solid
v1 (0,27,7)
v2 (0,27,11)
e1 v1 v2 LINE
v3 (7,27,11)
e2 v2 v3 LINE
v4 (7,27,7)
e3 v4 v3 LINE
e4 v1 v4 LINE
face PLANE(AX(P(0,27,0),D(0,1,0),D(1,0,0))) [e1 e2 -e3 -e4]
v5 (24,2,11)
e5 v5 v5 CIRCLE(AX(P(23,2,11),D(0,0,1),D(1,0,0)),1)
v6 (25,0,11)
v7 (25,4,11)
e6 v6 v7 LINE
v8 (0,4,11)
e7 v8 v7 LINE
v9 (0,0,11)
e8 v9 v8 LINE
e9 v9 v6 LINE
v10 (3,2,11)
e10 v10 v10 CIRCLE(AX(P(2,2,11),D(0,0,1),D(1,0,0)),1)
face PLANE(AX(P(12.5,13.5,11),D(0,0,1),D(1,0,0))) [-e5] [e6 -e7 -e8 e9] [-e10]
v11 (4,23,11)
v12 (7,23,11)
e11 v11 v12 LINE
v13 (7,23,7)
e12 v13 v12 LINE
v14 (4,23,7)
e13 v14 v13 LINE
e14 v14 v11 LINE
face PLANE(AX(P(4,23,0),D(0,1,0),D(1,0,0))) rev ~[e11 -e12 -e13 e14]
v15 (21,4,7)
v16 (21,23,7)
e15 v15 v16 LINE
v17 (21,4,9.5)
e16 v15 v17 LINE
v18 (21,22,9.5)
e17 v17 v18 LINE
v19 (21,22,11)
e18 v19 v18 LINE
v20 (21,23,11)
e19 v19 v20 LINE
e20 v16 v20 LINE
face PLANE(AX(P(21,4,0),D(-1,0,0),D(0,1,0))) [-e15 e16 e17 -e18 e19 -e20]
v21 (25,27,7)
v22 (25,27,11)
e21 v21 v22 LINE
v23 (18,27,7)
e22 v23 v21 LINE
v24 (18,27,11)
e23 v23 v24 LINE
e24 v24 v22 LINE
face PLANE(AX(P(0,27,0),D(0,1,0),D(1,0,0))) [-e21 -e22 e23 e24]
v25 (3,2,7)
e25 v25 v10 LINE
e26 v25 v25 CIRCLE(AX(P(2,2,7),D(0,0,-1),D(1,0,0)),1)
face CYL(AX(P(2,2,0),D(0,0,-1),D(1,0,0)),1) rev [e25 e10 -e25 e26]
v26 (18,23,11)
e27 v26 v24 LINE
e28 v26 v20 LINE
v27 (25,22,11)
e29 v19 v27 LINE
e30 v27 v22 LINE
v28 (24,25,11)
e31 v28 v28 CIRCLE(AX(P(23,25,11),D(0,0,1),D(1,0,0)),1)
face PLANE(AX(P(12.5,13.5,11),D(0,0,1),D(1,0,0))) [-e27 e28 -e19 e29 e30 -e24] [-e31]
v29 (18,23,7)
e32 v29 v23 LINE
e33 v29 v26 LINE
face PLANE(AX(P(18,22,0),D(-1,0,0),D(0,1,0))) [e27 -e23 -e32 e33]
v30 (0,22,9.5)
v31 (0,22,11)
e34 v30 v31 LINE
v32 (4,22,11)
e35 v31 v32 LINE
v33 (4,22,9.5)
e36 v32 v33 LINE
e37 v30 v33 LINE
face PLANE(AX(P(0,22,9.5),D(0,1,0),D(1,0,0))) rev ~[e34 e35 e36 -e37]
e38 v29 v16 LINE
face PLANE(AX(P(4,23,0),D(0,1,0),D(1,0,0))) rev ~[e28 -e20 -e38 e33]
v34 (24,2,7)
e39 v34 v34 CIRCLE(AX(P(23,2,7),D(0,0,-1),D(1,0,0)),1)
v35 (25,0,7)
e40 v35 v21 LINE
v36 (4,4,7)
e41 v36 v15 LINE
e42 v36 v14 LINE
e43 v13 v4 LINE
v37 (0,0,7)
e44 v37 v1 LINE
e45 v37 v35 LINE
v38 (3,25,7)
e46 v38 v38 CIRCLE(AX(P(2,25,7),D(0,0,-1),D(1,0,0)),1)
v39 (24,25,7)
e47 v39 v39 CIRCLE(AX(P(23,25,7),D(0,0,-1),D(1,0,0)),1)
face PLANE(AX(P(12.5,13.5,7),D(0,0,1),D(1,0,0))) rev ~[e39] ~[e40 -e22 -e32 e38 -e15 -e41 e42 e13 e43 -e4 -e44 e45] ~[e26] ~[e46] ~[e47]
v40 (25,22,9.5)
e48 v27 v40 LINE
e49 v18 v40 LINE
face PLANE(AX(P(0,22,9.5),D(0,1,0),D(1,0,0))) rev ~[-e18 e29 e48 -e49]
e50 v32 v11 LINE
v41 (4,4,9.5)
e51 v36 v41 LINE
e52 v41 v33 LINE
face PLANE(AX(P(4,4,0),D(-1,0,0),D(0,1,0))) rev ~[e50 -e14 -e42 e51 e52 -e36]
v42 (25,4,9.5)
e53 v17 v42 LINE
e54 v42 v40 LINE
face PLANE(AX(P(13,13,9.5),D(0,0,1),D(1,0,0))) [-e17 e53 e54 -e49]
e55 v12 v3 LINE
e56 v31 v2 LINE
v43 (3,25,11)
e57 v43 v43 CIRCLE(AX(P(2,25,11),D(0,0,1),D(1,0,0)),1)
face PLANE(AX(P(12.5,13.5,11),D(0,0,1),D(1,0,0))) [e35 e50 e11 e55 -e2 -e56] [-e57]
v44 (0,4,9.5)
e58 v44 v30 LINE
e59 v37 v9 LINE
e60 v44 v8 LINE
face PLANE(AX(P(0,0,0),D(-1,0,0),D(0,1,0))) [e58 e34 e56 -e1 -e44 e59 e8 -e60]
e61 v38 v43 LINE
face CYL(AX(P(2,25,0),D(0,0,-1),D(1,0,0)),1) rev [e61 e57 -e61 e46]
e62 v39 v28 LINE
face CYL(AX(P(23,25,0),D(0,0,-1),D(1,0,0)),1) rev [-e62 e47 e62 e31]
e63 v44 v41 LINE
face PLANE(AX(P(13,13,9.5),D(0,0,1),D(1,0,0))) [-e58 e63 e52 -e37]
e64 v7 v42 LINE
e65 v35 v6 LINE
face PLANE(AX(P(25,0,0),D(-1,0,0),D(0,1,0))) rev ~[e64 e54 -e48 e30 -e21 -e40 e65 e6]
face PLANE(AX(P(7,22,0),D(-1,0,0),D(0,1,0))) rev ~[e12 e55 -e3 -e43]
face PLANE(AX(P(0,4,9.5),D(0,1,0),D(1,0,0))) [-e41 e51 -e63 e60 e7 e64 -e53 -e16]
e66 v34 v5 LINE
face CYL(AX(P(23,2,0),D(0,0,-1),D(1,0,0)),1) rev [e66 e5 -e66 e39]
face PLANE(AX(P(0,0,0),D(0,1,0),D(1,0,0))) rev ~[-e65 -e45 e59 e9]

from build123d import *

# Parameters (mm, degrees)
RECTANGLE_W      = 25
RECTANGLE_H      = 27
EXTRUDE008_DEPTH = 7
RECTANGLE003_W   = 26
RECTANGLE003_H   = 18
EXTRUDE007_DEPTH = 1.5
RECTANGLE002_W   = 11
RECTANGLE002_H   = 5
EXTRUDE006_DEPTH = 11
CIRCLE002_R      = 1
EXTRUDE004_DEPTH = 11
CIRCLE003_R      = 1
EXTRUDE005_DEPTH = 11
CIRCLE001_R      = 1
EXTRUDE003_DEPTH = 11
CIRCLE_R         = 1
EXTRUDE002_DEPTH = 11
RECTANGLE001_W   = 17
RECTANGLE001_H   = 19
EXTRUDE001_DEPTH = 11
EXTRUDE_DEPTH    = 11


with BuildPart() as smaller:
    # Rectangle → Extrude008 (new body)
    with BuildSketch(Plane.XY):
        with Locations((12.5, 13.5)):
            Rectangle(RECTANGLE_W, RECTANGLE_H)
    extrude(amount=EXTRUDE008_DEPTH)


with BuildPart() as extrude007:
    # Rectangle003 → Extrude007 (new body)
    with BuildSketch(Plane(origin=(0, 4, 9.5), x_dir=(1, 0, 0), z_dir=(0, 0, 1))):
        with Locations((13, 9)):
            Rectangle(RECTANGLE003_W, RECTANGLE003_H)
    extrude(amount=EXTRUDE007_DEPTH)


with BuildPart() as extrude006:
    # Rectangle002 → Extrude006 (new body)
    with BuildSketch(Plane(origin=(7, 22, 0), x_dir=(1, 0, 0), z_dir=(0, 0, 1))):
        with Locations((5.5, 2.5)):
            Rectangle(RECTANGLE002_W, RECTANGLE002_H)
    extrude(amount=EXTRUDE006_DEPTH)


with BuildPart() as extrude_bl:
    # Circle002 → Extrude004 (new body)
    with BuildSketch(Plane(origin=(2, 2, 0), x_dir=(1, 0, 0), z_dir=(0, 0, 1))):
        Circle(CIRCLE002_R)
    extrude(amount=EXTRUDE004_DEPTH)


with BuildPart() as extrude_br:
    # Circle003 → Extrude005 (new body)
    with BuildSketch(Plane(origin=(23, 2, 0), x_dir=(1, 0, 0), z_dir=(0, 0, 1))):
        Circle(CIRCLE003_R)
    extrude(amount=EXTRUDE005_DEPTH)


with BuildPart() as extrude_tr:
    # Circle001 → Extrude003 (new body)
    with BuildSketch(Plane(origin=(23, 25, 0), x_dir=(1, 0, 0), z_dir=(0, 0, 1))):
        Circle(CIRCLE001_R)
    extrude(amount=EXTRUDE003_DEPTH)


with BuildPart() as extrude_tl:
    # Circle → Extrude002 (new body)
    with BuildSketch(Plane(origin=(2, 25, 0), x_dir=(1, 0, 0), z_dir=(0, 0, 1))):
        Circle(CIRCLE_R)
    extrude(amount=EXTRUDE002_DEPTH)


with BuildPart() as extrude_inner:
    # Rectangle001 → Extrude001 (new body)
    with BuildSketch(Plane(origin=(4, 4, 0), x_dir=(1, 0, 0), z_dir=(0, 0, 1))):
        with Locations((8.5, 9.5)):
            Rectangle(RECTANGLE001_W, RECTANGLE001_H)
    extrude(amount=EXTRUDE001_DEPTH)


with BuildPart() as cut007:
    # Rectangle → Extrude (new body)
    with BuildSketch(Plane.XY):
        with Locations((12.5, 13.5)):
            Rectangle(RECTANGLE_W, RECTANGLE_H)
    extrude(amount=EXTRUDE_DEPTH)

    # Cut: cut Extrude inner
    add(extrude_inner.part, mode=Mode.SUBTRACT)

    # Cut001: cut Extrude TL
    add(extrude_tl.part, mode=Mode.SUBTRACT)

    # Cut002: cut Extrude TR
    add(extrude_tr.part, mode=Mode.SUBTRACT)

    # Cut003: cut Extrude BR
    add(extrude_br.part, mode=Mode.SUBTRACT)

    # Cut004: cut Extrude BL
    add(extrude_bl.part, mode=Mode.SUBTRACT)

    # Cut005: cut Extrude006
    add(extrude006.part, mode=Mode.SUBTRACT)

    # Cut006: cut Extrude007
    add(extrude007.part, mode=Mode.SUBTRACT)

    # Cut007: cut smaller
    add(smaller.part, mode=Mode.SUBTRACT)


solid = cut007.part
